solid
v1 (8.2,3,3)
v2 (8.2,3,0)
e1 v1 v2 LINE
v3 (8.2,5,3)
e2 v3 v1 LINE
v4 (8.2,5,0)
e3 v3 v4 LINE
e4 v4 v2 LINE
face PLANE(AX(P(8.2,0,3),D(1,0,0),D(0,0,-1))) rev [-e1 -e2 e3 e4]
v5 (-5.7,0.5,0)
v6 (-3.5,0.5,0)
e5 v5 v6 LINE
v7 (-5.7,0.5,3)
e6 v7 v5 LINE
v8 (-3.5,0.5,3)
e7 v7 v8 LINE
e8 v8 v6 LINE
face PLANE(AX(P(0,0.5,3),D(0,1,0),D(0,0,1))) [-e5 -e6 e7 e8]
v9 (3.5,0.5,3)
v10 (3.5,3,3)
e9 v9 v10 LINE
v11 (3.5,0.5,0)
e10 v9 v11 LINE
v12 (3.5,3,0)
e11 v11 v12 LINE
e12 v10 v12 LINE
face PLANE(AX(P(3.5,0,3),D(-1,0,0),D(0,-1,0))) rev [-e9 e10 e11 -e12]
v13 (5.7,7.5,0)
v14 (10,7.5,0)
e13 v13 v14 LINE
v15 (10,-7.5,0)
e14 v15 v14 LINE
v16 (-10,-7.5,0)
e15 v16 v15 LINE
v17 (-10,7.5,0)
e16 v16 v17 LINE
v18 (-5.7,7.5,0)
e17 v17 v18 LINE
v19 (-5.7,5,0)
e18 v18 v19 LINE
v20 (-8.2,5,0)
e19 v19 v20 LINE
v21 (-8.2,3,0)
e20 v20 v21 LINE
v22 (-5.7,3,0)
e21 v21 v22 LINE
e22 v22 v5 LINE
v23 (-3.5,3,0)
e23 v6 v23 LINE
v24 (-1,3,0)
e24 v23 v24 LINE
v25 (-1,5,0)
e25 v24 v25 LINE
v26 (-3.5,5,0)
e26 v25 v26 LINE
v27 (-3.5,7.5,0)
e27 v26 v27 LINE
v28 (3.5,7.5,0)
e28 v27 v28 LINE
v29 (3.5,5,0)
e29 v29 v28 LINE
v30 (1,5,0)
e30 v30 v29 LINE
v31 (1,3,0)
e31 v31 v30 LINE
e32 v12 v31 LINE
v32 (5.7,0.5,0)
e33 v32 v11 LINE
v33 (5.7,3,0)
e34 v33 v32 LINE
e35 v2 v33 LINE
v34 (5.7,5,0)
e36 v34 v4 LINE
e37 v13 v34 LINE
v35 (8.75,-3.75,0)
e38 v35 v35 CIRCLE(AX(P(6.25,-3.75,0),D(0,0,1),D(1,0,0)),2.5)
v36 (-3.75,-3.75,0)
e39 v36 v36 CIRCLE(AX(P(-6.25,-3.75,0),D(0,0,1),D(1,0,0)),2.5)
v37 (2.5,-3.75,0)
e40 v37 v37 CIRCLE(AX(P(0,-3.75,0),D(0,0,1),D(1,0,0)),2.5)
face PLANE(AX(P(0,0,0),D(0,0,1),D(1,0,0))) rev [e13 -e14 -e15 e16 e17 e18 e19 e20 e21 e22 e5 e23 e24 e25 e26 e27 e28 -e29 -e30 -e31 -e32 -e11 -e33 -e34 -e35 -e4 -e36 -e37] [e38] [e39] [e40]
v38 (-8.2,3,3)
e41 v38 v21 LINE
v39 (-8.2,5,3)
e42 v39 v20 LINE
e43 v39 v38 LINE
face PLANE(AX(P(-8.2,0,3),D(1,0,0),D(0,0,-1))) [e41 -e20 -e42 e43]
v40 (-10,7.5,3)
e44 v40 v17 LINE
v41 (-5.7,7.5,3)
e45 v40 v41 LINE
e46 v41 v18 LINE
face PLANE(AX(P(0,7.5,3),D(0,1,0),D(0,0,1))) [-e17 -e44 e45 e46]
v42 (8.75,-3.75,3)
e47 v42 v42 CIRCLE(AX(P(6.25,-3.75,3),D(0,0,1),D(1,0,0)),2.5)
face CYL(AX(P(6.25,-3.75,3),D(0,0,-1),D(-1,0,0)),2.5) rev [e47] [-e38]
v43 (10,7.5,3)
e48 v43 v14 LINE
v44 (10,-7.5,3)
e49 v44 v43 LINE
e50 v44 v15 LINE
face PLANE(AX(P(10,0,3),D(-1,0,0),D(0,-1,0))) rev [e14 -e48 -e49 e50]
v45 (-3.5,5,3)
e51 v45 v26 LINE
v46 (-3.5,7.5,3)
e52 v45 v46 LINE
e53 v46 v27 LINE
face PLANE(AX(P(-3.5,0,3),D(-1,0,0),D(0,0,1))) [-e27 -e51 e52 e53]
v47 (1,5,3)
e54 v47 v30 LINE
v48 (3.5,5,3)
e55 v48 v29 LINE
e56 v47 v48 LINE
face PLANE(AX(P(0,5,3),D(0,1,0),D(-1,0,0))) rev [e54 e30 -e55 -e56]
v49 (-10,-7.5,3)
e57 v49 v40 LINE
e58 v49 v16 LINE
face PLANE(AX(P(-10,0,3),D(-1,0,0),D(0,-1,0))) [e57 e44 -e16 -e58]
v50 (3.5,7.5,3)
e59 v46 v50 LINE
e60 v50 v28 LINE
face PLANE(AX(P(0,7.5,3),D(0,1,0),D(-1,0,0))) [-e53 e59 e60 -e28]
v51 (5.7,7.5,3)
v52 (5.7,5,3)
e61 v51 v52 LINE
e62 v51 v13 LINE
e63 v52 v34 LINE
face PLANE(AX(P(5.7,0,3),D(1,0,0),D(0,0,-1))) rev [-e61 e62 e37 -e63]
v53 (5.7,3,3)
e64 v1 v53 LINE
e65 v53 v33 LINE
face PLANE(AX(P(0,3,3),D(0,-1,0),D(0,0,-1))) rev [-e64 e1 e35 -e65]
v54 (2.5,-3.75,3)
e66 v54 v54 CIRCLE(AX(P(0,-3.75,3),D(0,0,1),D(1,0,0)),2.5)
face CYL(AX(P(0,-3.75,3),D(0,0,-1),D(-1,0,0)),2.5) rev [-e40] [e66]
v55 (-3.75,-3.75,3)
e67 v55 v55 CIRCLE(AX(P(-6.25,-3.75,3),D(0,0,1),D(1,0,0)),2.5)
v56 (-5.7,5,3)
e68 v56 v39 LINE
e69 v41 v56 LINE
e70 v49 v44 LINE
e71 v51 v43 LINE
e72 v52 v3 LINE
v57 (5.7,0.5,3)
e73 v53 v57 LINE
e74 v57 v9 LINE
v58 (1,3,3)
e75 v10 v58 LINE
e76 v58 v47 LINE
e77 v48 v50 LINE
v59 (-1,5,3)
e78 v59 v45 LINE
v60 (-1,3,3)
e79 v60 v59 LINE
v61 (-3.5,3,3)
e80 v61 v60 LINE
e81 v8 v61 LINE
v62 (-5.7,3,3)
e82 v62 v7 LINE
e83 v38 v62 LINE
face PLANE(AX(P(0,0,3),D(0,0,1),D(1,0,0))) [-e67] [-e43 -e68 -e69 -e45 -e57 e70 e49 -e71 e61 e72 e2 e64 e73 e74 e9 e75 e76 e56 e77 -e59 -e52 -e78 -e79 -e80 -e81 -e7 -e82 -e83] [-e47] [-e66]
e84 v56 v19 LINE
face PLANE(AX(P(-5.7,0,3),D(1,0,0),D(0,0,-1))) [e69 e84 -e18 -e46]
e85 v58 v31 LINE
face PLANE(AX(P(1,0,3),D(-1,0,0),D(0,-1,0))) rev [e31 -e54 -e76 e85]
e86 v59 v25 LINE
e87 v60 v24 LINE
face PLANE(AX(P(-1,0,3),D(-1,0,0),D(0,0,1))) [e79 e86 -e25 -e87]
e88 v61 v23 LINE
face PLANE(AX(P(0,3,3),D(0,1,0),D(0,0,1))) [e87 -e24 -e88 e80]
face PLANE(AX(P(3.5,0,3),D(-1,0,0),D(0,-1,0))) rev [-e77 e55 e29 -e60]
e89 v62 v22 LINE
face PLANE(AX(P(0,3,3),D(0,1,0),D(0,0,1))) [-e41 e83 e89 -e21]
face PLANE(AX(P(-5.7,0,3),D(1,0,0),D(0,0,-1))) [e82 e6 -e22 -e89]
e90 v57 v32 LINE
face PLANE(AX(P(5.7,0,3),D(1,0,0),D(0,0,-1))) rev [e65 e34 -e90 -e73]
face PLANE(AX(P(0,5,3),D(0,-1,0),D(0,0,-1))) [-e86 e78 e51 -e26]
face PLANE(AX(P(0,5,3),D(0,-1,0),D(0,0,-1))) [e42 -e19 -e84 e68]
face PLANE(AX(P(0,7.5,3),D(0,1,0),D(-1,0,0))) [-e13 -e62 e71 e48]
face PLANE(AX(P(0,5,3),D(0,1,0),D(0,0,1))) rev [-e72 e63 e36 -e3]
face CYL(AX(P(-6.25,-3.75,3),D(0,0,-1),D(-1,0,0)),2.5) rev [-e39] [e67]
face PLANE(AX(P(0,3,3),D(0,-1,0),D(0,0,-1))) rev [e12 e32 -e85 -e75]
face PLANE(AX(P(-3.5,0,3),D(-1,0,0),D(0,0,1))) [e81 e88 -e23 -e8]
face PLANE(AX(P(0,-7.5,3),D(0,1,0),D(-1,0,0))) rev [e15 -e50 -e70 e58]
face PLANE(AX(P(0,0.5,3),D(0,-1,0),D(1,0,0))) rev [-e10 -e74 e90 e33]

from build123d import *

# Parameters (mm, degrees)
SKETCH1_R           = 2.5
BOSS_EXTRUDE1_DEPTH = 3


with BuildPart() as part:
    # Sketch1 → Boss-Extrude1 (new body)
    with BuildSketch(Plane.XY):
        Polygon((-10, -7.5), (10, -7.5), (10, 7.5), (5.7, 7.5), (5.7, 5), (8.2, 5), (8.2, 3), (5.7, 3), (5.7, 0.5), (3.5, 0.5), (3.5, 3), (1, 3), (1, 5), (3.5, 5), (3.5, 7.5), (-3.5, 7.5), (-3.5, 5), (-1, 5), (-1, 3), (-3.5, 3), (-3.5, 0.5), (-5.7, 0.5), (-5.7, 3), (-8.2, 3), (-8.2, 5), (-5.7, 5), (-5.7, 7.5), (-10, 7.5), align=None)
        with Locations((0, -3.75)):
            Circle(SKETCH1_R, mode=Mode.SUBTRACT)
        with Locations((-6.25, -3.75)):
            Circle(SKETCH1_R, mode=Mode.SUBTRACT)
        with Locations((6.25, -3.75)):
            Circle(SKETCH1_R, mode=Mode.SUBTRACT)
    extrude(amount=BOSS_EXTRUDE1_DEPTH)


solid = part.part
